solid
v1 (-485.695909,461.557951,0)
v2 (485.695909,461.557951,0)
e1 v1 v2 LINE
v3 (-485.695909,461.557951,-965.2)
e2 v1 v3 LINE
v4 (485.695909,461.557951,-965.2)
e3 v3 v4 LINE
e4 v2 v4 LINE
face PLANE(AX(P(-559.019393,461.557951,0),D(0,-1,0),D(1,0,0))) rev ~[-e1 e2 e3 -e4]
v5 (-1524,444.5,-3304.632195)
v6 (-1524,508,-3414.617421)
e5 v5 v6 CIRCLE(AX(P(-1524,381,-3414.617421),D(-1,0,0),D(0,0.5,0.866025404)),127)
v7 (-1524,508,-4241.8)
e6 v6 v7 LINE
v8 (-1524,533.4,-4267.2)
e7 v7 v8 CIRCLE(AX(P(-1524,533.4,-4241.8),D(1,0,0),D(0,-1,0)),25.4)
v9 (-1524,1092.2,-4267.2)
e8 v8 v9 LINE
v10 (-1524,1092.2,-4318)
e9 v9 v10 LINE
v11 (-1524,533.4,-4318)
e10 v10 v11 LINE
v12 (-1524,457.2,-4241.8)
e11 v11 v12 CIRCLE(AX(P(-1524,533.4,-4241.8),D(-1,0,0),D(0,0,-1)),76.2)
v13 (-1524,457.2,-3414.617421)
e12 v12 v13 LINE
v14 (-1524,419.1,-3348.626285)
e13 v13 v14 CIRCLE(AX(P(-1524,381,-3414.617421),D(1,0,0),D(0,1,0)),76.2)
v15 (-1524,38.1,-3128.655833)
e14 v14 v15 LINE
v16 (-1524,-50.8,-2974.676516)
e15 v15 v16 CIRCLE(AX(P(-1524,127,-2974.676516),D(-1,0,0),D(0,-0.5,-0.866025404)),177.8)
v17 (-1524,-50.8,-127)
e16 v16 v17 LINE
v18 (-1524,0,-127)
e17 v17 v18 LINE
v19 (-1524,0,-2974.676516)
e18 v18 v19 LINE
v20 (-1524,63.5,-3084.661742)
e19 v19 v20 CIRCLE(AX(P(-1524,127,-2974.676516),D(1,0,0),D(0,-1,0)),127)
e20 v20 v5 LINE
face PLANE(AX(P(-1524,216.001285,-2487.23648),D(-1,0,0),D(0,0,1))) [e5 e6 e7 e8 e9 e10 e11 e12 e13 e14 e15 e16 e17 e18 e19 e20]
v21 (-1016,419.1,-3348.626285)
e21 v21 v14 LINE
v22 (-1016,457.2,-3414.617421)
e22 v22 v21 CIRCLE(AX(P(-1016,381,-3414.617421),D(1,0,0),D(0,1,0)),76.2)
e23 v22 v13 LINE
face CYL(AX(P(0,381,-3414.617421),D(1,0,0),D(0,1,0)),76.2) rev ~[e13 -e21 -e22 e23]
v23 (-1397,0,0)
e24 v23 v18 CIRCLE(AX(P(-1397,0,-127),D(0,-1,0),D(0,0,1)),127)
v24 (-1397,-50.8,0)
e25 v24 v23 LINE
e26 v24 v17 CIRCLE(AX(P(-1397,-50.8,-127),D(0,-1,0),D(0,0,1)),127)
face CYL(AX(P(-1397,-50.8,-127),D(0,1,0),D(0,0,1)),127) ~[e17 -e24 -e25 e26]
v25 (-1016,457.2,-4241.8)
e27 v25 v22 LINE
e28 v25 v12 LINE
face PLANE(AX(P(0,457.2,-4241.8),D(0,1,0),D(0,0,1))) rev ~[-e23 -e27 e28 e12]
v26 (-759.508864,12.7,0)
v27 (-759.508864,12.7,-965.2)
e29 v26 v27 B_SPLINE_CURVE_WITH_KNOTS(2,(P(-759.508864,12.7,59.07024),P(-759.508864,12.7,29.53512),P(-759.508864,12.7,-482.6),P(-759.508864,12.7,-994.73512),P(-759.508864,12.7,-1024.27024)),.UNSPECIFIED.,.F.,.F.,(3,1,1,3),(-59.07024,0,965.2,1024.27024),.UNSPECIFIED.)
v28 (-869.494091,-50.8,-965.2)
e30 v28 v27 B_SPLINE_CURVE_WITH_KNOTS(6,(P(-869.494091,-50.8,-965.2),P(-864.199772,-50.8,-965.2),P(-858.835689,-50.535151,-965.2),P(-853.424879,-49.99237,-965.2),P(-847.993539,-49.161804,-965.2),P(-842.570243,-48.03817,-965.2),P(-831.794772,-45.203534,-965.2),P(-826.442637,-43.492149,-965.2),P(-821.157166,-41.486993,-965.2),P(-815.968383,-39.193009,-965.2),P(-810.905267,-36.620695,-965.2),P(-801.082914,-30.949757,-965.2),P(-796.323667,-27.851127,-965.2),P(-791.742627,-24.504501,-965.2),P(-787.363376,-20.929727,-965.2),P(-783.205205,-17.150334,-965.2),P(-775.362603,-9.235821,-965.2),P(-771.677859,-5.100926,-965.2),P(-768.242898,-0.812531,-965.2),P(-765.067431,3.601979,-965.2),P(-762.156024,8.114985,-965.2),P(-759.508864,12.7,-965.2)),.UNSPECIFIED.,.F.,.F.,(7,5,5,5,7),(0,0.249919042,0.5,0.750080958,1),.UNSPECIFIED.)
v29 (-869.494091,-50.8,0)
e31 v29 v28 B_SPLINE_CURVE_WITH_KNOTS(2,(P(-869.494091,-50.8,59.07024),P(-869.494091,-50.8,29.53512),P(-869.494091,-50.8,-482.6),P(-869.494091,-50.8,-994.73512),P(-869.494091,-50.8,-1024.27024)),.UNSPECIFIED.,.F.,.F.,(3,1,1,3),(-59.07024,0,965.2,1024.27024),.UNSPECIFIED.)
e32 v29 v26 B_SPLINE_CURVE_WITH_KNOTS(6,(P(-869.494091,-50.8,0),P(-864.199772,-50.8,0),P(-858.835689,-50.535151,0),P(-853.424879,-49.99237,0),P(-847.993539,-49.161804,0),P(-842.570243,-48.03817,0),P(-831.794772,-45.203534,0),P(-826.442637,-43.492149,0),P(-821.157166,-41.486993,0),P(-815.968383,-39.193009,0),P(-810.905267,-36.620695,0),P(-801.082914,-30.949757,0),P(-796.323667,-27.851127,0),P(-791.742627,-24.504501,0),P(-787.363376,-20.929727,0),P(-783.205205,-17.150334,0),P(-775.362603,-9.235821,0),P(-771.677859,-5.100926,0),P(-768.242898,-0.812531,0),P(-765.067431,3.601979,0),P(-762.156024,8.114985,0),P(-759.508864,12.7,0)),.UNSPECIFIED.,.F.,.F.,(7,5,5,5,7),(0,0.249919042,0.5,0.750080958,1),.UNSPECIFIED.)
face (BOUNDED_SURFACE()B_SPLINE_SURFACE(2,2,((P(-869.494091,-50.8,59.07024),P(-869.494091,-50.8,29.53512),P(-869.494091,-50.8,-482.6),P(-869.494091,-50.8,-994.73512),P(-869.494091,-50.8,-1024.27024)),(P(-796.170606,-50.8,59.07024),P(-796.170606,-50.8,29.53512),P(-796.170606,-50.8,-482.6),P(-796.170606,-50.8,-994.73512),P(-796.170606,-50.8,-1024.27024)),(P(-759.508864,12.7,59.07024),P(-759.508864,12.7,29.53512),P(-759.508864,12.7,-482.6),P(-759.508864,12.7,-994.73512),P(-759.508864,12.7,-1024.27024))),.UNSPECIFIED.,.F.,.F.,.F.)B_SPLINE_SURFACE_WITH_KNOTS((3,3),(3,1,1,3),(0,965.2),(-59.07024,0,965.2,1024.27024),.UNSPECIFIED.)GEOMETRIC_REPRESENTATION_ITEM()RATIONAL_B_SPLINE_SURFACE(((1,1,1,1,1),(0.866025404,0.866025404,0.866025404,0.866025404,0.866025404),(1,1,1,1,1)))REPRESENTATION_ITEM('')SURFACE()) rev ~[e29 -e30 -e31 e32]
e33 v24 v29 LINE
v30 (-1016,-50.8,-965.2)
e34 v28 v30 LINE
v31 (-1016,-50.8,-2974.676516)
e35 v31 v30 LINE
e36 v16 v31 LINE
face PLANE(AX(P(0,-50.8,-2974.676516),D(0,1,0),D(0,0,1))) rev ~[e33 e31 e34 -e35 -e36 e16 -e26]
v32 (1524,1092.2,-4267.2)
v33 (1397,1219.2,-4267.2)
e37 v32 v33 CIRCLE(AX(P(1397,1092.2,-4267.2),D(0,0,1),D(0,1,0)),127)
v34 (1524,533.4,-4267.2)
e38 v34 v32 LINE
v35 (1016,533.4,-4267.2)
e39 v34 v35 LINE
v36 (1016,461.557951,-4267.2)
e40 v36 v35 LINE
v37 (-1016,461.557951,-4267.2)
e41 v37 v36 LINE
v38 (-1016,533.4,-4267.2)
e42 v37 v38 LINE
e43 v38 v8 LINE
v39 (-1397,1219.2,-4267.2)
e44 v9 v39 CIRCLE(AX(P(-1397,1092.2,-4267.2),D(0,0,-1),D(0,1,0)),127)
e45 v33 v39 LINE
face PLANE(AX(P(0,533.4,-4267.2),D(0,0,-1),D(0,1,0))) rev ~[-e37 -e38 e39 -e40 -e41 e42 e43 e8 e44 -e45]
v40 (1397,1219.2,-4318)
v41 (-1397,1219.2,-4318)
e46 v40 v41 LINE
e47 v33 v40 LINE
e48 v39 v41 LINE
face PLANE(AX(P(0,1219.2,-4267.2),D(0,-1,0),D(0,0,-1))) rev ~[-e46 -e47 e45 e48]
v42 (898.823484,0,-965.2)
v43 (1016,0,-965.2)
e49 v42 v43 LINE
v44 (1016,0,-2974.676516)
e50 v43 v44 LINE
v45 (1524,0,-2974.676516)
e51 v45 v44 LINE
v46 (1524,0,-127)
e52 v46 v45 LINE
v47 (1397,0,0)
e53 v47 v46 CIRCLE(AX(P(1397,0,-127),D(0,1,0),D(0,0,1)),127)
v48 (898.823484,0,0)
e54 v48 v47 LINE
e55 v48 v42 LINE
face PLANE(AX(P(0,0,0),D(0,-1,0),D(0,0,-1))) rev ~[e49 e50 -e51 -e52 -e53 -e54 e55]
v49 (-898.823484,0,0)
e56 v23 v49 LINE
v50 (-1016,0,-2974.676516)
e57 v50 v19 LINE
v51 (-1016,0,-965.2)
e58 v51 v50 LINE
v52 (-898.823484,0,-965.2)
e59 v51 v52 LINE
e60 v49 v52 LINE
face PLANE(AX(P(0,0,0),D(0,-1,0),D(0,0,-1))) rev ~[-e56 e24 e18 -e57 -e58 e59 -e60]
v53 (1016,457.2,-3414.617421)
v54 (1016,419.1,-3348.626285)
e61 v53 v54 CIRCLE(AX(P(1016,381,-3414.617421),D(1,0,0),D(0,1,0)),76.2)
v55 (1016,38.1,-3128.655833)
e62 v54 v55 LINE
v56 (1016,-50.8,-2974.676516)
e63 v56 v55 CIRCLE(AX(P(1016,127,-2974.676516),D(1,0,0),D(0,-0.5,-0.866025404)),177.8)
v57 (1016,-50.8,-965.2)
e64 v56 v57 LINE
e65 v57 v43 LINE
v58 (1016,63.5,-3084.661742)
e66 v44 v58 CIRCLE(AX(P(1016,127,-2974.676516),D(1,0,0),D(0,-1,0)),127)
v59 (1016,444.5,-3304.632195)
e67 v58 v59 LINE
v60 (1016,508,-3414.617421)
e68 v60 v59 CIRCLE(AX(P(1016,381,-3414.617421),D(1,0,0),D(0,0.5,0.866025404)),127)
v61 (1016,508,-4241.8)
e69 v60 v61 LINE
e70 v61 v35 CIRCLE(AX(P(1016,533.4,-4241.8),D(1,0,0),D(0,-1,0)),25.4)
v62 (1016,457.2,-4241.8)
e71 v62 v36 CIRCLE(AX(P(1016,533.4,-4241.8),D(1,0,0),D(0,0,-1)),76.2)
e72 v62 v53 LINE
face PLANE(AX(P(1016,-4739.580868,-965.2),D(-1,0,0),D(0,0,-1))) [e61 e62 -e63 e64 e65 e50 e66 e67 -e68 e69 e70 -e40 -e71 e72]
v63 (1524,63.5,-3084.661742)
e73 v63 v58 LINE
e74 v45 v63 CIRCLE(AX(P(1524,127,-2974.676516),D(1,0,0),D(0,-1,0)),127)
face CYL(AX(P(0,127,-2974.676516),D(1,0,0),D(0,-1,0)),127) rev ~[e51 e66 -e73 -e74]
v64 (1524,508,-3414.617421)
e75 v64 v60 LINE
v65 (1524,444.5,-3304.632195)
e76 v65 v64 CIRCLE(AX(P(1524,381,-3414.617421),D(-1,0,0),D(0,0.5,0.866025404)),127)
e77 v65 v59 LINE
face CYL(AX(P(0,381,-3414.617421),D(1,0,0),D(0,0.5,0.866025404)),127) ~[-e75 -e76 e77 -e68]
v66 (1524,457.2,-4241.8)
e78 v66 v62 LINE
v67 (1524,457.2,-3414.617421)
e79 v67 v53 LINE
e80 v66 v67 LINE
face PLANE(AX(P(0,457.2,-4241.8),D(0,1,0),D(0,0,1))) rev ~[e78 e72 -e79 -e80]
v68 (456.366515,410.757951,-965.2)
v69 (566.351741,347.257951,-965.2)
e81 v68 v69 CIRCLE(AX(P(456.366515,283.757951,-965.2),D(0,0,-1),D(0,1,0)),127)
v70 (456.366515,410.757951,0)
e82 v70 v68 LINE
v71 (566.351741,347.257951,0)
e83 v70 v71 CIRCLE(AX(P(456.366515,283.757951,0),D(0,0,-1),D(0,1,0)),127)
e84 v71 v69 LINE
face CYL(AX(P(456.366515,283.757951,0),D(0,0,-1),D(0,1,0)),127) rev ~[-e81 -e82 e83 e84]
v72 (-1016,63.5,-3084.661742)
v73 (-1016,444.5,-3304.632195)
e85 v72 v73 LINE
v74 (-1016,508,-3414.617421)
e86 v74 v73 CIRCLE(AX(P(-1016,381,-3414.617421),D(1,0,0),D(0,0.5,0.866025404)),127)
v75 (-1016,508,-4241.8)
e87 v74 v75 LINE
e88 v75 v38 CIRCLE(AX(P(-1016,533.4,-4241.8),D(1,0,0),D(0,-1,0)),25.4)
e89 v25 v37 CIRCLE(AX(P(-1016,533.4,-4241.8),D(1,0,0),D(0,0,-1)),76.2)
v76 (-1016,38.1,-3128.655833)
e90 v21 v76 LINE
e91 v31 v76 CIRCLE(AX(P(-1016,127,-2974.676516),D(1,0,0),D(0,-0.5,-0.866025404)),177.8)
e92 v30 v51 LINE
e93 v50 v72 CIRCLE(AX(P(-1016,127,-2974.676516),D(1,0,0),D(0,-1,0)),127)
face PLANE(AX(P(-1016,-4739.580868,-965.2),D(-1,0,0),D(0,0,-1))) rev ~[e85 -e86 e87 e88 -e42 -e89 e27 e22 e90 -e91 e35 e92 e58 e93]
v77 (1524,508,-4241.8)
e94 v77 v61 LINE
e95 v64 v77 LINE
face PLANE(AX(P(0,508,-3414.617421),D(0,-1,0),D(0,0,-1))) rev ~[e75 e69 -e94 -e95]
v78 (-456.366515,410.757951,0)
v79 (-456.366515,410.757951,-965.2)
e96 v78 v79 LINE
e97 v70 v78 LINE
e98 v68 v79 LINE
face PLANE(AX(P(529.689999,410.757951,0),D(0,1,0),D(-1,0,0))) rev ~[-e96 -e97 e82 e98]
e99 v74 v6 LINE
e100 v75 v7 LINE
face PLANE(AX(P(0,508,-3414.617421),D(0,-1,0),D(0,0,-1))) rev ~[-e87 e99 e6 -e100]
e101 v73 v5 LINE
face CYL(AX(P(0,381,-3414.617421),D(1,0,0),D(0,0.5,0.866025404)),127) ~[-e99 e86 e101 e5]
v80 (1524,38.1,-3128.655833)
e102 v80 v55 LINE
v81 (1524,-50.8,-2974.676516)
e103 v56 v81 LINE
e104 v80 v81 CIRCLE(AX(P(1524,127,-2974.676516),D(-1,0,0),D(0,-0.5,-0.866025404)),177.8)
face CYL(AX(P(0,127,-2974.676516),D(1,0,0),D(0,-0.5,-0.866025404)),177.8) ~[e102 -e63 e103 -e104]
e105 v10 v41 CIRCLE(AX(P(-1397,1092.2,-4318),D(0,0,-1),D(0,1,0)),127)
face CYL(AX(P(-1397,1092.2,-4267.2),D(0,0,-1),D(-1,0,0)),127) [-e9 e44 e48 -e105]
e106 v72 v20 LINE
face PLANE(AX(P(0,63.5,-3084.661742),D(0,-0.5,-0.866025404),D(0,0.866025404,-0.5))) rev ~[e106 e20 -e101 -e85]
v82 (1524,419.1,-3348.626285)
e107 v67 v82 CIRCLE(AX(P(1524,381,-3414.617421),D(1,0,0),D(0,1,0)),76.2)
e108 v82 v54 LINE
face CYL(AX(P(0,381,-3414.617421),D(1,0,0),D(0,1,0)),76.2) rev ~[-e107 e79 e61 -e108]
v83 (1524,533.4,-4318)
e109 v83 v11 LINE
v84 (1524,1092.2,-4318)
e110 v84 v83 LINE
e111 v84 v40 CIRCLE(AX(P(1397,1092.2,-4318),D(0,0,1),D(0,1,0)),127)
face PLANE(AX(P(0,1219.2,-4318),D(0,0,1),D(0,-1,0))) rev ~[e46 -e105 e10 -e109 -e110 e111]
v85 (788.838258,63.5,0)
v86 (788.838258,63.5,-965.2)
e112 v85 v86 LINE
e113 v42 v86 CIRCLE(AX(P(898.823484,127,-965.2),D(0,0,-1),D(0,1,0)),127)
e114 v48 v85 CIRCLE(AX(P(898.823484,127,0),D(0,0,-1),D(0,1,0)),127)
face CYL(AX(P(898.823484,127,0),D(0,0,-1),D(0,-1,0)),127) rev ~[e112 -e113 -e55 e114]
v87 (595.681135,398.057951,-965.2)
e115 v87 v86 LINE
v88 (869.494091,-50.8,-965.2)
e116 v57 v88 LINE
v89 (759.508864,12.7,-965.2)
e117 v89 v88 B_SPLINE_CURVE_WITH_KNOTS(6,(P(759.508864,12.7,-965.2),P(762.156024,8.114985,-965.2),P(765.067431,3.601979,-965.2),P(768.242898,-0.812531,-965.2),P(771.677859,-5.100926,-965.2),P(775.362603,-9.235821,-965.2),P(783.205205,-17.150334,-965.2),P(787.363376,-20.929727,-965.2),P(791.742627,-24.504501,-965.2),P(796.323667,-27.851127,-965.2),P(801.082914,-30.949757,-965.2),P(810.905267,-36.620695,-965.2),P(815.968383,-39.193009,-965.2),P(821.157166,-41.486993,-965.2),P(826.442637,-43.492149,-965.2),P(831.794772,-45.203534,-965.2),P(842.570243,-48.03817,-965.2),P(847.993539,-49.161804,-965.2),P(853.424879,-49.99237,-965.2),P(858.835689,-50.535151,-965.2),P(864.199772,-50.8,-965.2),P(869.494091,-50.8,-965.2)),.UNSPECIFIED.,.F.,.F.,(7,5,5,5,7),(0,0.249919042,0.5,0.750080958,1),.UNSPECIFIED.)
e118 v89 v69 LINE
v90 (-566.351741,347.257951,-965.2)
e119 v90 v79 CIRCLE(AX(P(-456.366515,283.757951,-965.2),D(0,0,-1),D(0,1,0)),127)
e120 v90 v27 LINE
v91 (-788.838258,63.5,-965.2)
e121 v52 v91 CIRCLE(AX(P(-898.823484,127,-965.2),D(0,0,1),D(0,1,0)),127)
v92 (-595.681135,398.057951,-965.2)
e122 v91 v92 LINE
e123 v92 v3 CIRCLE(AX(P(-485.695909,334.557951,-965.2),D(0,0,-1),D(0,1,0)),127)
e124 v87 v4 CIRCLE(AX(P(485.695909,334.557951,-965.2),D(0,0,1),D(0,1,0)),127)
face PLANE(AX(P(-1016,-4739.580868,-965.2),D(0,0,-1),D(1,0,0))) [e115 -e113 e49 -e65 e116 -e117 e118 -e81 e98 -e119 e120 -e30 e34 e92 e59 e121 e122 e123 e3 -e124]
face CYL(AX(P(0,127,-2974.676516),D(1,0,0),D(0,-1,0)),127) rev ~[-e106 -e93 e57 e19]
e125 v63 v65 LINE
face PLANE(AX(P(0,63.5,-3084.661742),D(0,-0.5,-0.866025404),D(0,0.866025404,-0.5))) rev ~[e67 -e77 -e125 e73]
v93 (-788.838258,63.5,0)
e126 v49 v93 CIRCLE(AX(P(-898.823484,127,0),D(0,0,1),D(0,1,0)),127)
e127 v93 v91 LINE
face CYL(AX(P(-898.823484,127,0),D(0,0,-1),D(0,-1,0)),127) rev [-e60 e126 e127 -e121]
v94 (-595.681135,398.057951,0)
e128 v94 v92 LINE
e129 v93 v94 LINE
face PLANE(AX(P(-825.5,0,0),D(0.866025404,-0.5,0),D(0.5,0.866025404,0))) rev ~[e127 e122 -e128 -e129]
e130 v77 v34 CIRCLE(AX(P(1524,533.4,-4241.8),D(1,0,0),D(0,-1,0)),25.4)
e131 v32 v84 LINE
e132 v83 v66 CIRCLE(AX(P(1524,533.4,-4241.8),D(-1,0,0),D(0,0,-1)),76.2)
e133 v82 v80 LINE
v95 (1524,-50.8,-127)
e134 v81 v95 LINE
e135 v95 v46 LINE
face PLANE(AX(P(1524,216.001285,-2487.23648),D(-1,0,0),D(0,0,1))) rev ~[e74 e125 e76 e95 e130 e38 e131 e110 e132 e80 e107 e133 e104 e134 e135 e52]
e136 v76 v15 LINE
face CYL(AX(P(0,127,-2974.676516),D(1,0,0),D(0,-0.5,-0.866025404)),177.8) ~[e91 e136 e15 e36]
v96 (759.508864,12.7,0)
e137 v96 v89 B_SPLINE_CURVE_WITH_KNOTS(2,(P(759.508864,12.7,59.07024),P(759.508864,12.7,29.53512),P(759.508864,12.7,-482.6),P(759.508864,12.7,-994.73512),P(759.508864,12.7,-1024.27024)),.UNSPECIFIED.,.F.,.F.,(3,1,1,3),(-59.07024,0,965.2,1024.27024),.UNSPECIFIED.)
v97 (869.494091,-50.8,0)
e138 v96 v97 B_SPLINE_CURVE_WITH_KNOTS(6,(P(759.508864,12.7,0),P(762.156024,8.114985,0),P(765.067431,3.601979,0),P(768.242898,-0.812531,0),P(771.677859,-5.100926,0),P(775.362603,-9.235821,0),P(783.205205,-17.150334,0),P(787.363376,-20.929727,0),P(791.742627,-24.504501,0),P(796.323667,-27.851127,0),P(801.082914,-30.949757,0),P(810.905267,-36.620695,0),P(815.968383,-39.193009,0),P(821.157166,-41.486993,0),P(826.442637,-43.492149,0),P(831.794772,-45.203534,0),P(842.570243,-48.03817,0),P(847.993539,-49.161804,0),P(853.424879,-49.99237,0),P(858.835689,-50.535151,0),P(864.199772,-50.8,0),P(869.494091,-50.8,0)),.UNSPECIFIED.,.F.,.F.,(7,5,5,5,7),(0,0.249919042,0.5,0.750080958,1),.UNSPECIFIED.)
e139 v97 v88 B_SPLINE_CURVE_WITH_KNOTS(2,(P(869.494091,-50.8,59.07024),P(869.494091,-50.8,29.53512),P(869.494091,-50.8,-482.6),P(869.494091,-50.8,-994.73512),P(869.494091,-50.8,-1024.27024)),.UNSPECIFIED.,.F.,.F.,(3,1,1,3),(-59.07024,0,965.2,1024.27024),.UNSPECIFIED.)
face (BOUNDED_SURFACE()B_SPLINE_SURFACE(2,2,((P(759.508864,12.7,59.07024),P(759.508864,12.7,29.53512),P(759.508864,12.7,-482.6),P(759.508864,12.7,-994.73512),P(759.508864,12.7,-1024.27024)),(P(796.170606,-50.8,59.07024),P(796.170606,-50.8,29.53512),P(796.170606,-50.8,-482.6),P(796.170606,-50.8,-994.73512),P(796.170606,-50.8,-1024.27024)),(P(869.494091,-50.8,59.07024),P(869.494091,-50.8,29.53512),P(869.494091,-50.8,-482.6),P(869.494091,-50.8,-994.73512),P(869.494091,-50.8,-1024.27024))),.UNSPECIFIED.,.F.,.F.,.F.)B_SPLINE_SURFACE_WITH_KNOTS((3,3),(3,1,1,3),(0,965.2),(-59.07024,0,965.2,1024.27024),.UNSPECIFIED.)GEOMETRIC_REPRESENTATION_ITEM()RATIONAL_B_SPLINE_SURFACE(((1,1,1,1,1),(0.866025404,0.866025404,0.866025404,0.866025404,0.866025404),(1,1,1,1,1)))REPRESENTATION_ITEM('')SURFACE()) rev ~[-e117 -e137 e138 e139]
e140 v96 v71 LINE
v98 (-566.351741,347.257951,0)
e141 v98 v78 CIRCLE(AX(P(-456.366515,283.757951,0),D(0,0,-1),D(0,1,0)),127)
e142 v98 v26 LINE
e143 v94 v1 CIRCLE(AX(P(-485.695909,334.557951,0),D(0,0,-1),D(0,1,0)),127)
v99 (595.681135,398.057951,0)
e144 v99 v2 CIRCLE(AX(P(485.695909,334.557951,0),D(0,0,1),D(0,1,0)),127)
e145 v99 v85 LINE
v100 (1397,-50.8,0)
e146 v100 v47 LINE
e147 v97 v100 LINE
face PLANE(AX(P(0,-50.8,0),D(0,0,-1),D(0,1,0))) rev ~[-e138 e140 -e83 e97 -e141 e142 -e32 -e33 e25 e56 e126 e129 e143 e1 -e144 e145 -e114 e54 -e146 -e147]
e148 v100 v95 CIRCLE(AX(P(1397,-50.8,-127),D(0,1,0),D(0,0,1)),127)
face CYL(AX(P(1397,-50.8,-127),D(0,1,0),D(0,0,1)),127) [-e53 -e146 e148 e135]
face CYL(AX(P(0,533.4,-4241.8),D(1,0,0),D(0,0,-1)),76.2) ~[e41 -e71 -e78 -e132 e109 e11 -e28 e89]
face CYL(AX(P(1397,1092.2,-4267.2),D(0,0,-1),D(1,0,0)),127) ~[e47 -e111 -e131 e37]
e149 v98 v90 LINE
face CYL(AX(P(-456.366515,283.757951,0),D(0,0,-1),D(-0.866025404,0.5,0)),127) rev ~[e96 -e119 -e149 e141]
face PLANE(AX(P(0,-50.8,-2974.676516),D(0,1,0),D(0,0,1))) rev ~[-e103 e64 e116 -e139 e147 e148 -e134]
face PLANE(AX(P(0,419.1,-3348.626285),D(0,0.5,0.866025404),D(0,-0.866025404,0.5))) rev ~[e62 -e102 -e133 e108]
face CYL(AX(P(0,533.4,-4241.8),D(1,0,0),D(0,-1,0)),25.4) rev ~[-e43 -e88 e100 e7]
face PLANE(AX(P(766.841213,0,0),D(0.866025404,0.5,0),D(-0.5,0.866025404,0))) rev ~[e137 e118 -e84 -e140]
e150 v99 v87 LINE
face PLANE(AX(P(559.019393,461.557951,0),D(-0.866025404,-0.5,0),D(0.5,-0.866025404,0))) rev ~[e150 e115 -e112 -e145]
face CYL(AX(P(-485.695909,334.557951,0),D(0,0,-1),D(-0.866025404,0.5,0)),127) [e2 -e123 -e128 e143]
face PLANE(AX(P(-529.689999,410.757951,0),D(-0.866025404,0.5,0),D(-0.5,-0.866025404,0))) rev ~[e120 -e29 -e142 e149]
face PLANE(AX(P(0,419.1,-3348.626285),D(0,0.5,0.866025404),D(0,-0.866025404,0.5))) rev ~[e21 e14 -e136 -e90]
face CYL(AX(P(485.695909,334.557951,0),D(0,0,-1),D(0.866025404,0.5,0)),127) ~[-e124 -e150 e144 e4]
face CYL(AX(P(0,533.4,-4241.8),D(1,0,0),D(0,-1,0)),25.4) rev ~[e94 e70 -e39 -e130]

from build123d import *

# Parameters (mm, degrees)
BOSS_EXTRUDE1_DEPTH     = 1524
CUT_EXTRUDE1_DEPTH      = 4739.580867728
CUT_EXTRUDE1_DEPTH_BACK = 4739.580867728
SKETCH2_W               = 2032
SKETCH2_H               = 3302
BOSS_EXTRUDE2_DEPTH     = 965.2
CUT_EXTRUDE2_REACH      = 4740.581
FILLET1_R               = 127
FILLET2_R               = 127


with BuildPart() as part:
    # Sketch1 → Boss-Extrude1 (new, symmetric)
    with BuildSketch(Plane(origin=(0, 0, 0), x_dir=(0, 0, -1), z_dir=(1, 0, 0))):
        with BuildLine():
            Line((0, 0), (2974.676515813, 0))
            ThreePointArc((2974.676515813, 0), (3038.176515813, 17.014773719), (3084.661742094, 63.5))
            Line((3084.661742094, 63.5), (3304.632194655, 444.5))
            ThreePointArc((3304.632194655, 444.5), (3351.117420935, 490.985226281), (3414.617420935, 508))
            Line((3414.617420935, 508), (4241.8, 508))
            ThreePointArc((4241.8, 508), (4259.760512242, 515.439487758), (4267.2, 533.4))
            Line((4267.2, 533.4), (4267.2, 1219.2))
            Line((4267.2, 1219.2), (4318, 1219.2))
            Line((4318, 1219.2), (4318, 533.4))
            ThreePointArc((4318, 533.4), (4295.681536726, 479.518463274), (4241.8, 457.2))
            Line((4241.8, 457.2), (3414.617420935, 457.2))
            ThreePointArc((3414.617420935, 457.2), (3376.517420935, 446.991135768), (3348.626285167, 419.1))
            Line((3348.626285167, 419.1), (3128.655832606, 38.1))
            ThreePointArc((3128.655832606, 38.1), (3063.576515813, -26.979316793), (2974.676515813, -50.8))
            Line((2974.676515813, -50.8), (0, -50.8))
            Line((0, -50.8), (0, 0))
        make_face()
    extrude(amount=BOSS_EXTRUDE1_DEPTH, both=True)

    # Sketch2 → Cut-Extrude1 (cut, two sides: drawn at the far end of the back side and taken through both)
    with BuildSketch(Plane(origin=(0, 0, 0), x_dir=(1, 0, 0), z_dir=(0, 1, 0)).offset(-CUT_EXTRUDE1_DEPTH_BACK)):
        with Locations((0, 2616.2)):
            Rectangle(SKETCH2_W, SKETCH2_H)
    extrude(amount=CUT_EXTRUDE1_DEPTH + CUT_EXTRUDE1_DEPTH_BACK, mode=Mode.SUBTRACT)

    # Sketch3 → Boss-Extrude2 (add)
    with BuildSketch(Plane.XY):
        Polygon((-825.5, 0), (-559.019392725, 461.557951031), (559.019392725, 461.557951031), (825.5, 0), (766.84121265, 0), (529.689999051, 410.757951031), (-529.689999051, 410.757951031), (-766.84121265, 0), align=None)
    extrude(amount=-BOSS_EXTRUDE2_DEPTH)

    # Sketch4 → Cut-Extrude2 (cut, up to next)
    with BuildSketch(Plane.XY, mode=Mode.PRIVATE) as cut_extrude2_sk1:
        Polygon((-766.84121265, 0), (-796.170606325, -50.8), (796.170606325, -50.8), (766.84121265, 0), align=None)
    cut_extrude2_tool1 = extrude(cut_extrude2_sk1.sketch, amount=-CUT_EXTRUDE2_REACH, mode=Mode.PRIVATE) & part.part
    add(cut_extrude2_tool1.solids().sort_by_distance((0, -25.558874, 0))[0], mode=Mode.SUBTRACT)

    # Fillet1
    fillet1_edges = [part.edges().sort_by_distance(p)[0] for p in [
        (-825.5, 0, -482.6),
        (-559.019392725, 461.557951031, -482.6),
        (559.019392725, 461.557951031, -482.6),
        (825.5, 0, -482.6),
        (529.689999051, 410.757951031, -482.6),
        (-529.689999051, 410.757951031, -482.6),
        (796.170606325, -50.8, -482.6),
        (-796.170606325, -50.8, -482.6),
    ]]
    fillet(fillet1_edges, radius=FILLET1_R)

    # Fillet2
    fillet2_edges = [part.edges().sort_by_distance(p)[0] for p in [
        (-1524, 1219.2, -4292.6),
        (-1524, -25.4, 0),
        (1524, 1219.2, -4292.6),
        (1524, -25.4, 0),
    ]]
    fillet(fillet2_edges, radius=FILLET2_R)


solid = part.part
